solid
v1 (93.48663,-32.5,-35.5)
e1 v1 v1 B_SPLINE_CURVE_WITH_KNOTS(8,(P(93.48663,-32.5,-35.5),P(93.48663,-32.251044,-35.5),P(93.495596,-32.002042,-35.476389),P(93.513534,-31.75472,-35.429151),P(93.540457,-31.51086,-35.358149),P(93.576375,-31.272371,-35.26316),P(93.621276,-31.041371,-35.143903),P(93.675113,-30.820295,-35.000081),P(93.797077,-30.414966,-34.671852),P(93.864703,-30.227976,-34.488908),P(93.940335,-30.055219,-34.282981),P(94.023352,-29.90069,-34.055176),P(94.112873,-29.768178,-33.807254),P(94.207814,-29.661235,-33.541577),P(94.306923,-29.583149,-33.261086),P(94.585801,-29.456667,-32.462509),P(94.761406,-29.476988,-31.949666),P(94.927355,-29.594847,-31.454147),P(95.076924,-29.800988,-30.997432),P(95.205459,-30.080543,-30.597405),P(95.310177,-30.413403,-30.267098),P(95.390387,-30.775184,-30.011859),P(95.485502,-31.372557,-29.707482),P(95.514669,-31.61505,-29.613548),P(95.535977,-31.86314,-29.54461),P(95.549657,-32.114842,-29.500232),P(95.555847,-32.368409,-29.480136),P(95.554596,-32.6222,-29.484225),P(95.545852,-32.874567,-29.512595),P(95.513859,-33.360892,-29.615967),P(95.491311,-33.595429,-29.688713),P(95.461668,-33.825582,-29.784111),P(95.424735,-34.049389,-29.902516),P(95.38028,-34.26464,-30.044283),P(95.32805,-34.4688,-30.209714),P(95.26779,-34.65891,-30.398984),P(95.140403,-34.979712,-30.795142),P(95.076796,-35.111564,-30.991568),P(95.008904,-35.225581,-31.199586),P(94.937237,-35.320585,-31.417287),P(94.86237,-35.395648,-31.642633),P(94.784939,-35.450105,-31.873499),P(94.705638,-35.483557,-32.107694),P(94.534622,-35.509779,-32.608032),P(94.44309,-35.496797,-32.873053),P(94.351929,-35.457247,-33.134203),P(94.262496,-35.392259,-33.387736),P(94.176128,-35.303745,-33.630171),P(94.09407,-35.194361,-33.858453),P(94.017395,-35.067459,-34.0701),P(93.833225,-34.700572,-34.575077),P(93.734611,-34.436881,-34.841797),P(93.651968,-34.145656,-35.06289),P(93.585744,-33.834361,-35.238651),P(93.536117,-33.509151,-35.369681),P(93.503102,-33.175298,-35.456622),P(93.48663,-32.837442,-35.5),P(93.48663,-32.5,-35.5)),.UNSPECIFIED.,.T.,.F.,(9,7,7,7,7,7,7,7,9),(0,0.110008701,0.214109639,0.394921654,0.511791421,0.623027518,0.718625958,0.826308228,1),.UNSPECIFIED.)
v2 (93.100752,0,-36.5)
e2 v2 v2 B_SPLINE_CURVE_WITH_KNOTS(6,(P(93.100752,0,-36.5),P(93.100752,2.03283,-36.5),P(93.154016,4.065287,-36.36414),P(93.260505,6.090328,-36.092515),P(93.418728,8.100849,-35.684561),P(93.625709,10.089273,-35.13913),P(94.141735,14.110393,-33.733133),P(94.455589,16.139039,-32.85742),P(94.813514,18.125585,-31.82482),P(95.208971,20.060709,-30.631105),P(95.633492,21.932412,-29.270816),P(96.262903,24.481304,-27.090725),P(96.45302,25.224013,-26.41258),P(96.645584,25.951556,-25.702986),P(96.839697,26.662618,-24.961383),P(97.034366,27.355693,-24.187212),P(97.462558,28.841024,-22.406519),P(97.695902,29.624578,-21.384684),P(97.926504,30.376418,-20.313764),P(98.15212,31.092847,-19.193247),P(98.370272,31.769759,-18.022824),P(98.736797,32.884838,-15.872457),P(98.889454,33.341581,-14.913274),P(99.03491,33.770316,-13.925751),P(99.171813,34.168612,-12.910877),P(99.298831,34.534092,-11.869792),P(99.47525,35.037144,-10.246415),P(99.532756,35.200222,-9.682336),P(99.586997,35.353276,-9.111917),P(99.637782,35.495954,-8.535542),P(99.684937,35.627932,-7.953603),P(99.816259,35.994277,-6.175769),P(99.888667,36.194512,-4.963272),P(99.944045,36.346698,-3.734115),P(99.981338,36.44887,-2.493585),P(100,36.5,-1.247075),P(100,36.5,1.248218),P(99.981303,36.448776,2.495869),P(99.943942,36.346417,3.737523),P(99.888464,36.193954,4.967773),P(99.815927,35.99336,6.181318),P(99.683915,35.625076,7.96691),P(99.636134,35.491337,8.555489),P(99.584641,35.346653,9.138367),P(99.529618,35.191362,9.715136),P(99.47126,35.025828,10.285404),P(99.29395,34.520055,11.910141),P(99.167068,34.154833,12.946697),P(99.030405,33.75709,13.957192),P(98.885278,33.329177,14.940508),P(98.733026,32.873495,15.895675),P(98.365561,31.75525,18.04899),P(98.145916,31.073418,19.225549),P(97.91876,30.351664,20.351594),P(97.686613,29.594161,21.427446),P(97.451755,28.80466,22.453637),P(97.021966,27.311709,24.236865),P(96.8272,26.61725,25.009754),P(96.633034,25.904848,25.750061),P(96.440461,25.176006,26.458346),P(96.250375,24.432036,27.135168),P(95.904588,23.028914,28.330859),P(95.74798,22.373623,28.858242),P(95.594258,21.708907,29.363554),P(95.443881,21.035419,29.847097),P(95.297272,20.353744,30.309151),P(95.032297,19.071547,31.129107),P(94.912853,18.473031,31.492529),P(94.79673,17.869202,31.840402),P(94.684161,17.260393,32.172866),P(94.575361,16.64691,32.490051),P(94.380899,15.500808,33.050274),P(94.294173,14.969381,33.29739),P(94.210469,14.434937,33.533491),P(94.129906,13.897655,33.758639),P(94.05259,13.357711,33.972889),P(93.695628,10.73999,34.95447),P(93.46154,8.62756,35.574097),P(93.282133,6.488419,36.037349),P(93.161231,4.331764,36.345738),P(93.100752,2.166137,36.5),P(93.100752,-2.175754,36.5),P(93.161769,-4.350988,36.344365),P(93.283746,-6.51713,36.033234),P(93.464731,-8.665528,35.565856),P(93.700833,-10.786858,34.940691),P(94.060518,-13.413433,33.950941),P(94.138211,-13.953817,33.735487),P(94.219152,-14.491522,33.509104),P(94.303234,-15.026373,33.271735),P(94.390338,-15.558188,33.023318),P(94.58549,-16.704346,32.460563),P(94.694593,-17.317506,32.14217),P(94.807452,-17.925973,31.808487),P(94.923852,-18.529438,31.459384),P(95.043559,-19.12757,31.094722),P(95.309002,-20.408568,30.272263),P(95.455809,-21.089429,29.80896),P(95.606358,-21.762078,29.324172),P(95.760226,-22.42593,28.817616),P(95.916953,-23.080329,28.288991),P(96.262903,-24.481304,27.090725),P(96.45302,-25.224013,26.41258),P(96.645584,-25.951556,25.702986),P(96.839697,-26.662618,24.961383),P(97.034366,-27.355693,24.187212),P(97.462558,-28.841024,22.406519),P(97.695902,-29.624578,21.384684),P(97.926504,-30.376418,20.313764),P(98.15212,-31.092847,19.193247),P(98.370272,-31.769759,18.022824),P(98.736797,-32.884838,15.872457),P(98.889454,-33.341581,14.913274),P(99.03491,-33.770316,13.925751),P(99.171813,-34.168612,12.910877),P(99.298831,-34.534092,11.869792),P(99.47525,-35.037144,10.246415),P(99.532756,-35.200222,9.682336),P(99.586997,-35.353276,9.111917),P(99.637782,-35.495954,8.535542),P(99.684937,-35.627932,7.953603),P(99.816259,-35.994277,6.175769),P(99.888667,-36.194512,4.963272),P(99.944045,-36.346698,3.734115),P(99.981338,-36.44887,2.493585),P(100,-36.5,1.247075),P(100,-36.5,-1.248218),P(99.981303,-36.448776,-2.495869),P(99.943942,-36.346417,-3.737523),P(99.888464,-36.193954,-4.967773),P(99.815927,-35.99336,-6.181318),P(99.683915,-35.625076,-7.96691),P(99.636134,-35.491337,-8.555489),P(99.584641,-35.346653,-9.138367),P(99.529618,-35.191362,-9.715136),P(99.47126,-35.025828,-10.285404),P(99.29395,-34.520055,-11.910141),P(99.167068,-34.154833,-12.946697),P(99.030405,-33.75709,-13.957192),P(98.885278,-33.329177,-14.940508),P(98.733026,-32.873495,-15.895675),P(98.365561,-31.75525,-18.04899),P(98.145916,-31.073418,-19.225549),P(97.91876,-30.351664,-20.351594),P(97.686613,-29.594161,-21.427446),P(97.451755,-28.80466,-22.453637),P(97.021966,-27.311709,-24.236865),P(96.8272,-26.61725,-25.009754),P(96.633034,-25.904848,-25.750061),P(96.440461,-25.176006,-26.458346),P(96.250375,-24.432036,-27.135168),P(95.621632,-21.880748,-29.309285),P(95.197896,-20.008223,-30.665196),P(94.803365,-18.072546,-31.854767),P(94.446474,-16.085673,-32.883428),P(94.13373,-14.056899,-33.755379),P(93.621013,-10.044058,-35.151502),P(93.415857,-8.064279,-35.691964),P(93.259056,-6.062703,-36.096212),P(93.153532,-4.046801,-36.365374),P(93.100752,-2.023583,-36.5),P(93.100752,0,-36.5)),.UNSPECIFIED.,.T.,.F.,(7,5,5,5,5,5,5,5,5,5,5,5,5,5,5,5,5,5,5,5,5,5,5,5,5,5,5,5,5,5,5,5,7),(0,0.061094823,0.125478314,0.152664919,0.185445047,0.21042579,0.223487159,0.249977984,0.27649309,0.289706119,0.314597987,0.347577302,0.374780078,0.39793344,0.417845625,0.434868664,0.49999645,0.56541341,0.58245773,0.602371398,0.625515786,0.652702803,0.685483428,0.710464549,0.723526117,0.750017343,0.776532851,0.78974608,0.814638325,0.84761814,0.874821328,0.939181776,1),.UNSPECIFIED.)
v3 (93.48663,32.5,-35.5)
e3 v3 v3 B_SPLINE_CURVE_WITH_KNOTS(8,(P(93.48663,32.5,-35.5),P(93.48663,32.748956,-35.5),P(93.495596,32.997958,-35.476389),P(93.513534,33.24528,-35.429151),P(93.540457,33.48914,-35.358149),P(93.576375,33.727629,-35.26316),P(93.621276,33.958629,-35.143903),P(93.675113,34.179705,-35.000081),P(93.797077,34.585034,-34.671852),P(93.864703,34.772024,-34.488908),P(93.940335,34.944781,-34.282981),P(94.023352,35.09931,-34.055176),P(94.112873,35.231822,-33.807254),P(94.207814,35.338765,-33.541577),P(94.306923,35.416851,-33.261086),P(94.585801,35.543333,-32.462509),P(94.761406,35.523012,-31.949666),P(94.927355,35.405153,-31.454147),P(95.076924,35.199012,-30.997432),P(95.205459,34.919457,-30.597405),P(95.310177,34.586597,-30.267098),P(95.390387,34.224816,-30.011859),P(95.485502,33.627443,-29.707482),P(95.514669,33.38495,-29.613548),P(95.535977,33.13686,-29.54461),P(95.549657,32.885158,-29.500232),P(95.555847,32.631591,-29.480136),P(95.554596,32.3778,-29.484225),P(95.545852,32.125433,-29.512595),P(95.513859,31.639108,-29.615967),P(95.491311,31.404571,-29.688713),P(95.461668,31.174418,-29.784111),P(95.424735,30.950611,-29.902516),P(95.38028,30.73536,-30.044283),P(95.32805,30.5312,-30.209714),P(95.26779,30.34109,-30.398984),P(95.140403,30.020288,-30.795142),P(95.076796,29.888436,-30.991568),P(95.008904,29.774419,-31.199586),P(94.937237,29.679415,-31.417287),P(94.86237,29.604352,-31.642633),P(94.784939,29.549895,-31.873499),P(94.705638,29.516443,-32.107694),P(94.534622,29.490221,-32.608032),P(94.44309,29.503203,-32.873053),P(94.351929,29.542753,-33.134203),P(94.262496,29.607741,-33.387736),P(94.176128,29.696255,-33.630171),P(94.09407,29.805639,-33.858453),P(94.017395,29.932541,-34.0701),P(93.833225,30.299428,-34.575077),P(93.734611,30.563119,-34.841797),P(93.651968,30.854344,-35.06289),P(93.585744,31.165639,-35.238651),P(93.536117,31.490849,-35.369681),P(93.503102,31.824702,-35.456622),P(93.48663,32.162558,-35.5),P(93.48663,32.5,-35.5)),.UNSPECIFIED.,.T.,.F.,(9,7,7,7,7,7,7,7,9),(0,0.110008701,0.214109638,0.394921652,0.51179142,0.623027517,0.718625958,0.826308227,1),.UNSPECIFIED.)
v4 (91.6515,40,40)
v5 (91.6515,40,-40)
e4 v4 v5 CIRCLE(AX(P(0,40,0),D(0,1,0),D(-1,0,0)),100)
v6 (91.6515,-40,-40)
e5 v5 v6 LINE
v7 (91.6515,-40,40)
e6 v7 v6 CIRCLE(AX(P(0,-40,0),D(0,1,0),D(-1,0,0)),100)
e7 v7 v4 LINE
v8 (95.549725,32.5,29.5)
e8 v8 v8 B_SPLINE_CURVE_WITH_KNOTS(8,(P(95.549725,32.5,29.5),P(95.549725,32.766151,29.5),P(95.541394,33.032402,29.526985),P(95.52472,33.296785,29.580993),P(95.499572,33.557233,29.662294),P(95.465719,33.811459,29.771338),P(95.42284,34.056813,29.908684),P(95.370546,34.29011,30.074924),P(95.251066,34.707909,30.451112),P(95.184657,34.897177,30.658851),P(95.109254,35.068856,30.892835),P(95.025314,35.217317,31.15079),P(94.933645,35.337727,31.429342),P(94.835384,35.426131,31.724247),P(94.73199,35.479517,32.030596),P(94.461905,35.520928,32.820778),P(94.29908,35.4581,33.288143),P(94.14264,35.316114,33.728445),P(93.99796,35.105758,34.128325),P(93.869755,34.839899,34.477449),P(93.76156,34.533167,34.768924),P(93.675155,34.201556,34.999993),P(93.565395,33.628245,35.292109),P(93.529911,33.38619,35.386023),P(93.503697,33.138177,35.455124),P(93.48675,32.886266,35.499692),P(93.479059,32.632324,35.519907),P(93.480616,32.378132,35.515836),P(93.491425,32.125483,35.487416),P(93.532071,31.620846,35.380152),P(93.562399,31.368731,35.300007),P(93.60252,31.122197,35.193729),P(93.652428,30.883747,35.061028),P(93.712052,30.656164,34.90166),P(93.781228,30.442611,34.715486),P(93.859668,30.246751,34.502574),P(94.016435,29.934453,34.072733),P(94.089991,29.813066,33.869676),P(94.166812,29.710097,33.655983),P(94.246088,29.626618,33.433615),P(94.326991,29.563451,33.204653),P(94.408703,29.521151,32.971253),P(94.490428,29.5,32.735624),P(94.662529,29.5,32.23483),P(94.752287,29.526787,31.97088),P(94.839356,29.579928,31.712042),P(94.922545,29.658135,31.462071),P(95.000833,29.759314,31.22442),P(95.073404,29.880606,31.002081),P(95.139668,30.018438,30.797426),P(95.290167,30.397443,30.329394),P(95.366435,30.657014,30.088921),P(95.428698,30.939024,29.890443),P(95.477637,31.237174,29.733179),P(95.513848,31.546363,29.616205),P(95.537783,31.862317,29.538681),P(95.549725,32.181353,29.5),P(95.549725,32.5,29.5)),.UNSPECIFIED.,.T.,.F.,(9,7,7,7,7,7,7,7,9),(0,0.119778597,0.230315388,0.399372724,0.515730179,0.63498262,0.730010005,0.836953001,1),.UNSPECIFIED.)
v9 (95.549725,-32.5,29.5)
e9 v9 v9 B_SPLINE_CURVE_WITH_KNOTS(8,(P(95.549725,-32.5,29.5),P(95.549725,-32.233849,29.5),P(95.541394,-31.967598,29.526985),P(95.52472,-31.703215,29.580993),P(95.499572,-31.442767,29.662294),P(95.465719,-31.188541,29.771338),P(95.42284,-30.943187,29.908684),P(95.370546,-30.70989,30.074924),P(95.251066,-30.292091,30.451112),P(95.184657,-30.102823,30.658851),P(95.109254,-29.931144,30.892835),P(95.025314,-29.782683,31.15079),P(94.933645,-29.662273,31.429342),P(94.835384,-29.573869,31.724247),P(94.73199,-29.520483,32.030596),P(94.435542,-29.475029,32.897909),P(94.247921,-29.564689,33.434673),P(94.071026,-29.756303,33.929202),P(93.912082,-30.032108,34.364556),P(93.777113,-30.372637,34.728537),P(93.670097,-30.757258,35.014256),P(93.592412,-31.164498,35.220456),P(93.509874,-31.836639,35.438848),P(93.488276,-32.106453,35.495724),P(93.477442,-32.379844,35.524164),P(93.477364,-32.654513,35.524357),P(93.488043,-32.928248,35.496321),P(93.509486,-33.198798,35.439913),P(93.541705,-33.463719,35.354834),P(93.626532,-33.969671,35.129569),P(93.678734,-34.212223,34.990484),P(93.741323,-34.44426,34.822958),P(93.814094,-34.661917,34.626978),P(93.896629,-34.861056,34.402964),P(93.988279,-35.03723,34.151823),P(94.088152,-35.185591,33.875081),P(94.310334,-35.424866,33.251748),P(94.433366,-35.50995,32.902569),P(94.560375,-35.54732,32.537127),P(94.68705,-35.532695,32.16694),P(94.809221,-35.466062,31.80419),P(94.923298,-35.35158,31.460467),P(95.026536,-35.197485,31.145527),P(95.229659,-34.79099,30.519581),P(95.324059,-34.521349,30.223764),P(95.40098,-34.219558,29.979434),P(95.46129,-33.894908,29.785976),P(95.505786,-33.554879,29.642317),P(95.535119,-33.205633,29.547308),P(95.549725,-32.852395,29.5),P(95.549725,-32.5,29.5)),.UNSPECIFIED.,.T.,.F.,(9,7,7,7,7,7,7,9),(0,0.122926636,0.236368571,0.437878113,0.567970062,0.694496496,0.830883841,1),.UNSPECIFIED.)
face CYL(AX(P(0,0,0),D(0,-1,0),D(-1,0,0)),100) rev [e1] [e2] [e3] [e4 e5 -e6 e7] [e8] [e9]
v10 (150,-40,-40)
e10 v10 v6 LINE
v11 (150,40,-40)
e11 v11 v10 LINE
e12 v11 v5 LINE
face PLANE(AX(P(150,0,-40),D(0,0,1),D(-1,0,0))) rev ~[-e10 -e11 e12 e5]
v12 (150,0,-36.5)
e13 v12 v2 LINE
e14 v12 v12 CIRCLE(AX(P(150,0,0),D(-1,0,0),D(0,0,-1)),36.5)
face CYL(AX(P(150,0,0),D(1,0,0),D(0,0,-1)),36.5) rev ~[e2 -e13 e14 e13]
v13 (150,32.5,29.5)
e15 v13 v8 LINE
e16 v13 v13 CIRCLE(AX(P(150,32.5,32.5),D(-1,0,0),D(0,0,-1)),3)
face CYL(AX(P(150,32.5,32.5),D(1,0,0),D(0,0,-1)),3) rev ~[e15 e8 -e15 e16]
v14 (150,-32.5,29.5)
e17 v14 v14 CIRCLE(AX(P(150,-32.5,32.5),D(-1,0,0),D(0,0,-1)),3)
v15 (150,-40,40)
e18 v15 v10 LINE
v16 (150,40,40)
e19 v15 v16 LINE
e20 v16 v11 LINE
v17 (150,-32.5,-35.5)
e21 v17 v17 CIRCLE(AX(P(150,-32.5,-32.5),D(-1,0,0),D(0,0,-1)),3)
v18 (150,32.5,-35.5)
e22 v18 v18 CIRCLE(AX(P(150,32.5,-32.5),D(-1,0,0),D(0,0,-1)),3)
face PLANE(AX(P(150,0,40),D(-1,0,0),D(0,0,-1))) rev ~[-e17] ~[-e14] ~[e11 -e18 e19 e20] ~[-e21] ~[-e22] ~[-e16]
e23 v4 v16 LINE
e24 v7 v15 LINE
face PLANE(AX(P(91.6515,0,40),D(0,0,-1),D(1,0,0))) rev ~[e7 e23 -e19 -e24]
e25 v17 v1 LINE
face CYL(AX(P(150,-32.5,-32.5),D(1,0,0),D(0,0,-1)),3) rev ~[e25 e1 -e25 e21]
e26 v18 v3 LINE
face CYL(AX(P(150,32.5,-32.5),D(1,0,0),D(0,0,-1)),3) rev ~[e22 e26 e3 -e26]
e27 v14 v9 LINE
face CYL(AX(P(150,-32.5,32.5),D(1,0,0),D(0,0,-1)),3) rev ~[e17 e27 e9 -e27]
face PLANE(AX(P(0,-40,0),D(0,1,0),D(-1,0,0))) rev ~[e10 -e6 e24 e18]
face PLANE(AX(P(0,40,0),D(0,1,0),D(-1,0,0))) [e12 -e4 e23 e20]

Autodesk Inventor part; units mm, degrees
ref_plane "YZ Plane" through (0, 0, 0) normal (1, 0, 0) x (0, 1, 0)
ref_plane "XZ Plane" through (0, 0, 0) normal (0, 1, 0) x (-1, 0, 0)
ref_plane "XY Plane" through (0, 0, 0) normal (0, 0, 1) x (1, 0, 0)
sketch "Skizze1" plane through (0, 0, 0) normal (0, 1, 0) x (-1, 0, 0)
  circle A0 centre (0, 0) radius 100
  circle A1 centre (0, 0) radius 95.1
  line L0 (100, 0) -> (-150, 0) construction
  line L1 (-91.6515, 40) -> (-150, 40)
  line L2 (-150, 40) -> (-150, -40)
  line L3 (-150, -40) -> (-91.6515, -40)
  dimension "d0" = 200
  dimension "d1" = 4.9
  dimension "d2" = 150
  dimension "d3" = 80
extrude "Extrusion1" add sketch "Skizze1" along normal mid plane 80 contours A0 L3 L2 L1
sketch "Skizze2" plane through (150, -40, -40) normal (1, 0, 0) x (0, 0, -1)
  circle A0 centre (-40, 40) radius 36.5
  line L0 (-72.5, 7.5) -> (-7.5, 7.5)
  line L1 (-7.5, 7.5) -> (-7.5, 72.5)
  line L2 (-7.5, 72.5) -> (-72.5, 72.5)
  line L3 (-72.5, 72.5) -> (-72.5, 7.5)
  line L4 (-72.5, 7.5) -> (-7.5, 72.5) construction
  line L5 (-7.5, 7.5) -> (-72.5, 72.5) construction
  circle A1 centre (-72.5, 72.5) radius 3
  circle A2 centre (-7.5, 72.5) radius 3
  circle A3 centre (-7.5, 7.5) radius 3
  circle A4 centre (-72.5, 7.5) radius 3
  point P0 (-40, 40)
  dimension "d6" = 73
  dimension "d9" = 65
  dimension "d10" = 6
extrude "Extrusion2" cut sketch "Skizze2" against normal through all contours A0 L1 | L1 A0 L0 L3 L2 | L2 A0 | A2 L2 L1 | L1 L2 A2 | A0 L0 | A3 L0 L1 | L1 L0 A3 | L3 A0 | A1 L3 L2 | L2 L3 A1 | A4 L3 L0 | L0 L3 A4
equation "\"d0\" = kg_diameter"
equation "\"d1\" = kg_thickness"
equation "\"d4\" = d3"
equation "\"d6\" = bore_diameter"
equation "\"kg_diameter\" = 200"
equation "\"kg_thickness\" = 4.9"
equation "\"ht_thickness\" = 1.9"
equation "\"case_thickness\" = 18"
equation "\"gap_fit\" = 0.1"
equation "\"gap_slide\" = 0.2"
equation "\"gap_air\" = 1"
equation "\"bore_diameter\" = 73"
properties part number "Bohrhilfe"
